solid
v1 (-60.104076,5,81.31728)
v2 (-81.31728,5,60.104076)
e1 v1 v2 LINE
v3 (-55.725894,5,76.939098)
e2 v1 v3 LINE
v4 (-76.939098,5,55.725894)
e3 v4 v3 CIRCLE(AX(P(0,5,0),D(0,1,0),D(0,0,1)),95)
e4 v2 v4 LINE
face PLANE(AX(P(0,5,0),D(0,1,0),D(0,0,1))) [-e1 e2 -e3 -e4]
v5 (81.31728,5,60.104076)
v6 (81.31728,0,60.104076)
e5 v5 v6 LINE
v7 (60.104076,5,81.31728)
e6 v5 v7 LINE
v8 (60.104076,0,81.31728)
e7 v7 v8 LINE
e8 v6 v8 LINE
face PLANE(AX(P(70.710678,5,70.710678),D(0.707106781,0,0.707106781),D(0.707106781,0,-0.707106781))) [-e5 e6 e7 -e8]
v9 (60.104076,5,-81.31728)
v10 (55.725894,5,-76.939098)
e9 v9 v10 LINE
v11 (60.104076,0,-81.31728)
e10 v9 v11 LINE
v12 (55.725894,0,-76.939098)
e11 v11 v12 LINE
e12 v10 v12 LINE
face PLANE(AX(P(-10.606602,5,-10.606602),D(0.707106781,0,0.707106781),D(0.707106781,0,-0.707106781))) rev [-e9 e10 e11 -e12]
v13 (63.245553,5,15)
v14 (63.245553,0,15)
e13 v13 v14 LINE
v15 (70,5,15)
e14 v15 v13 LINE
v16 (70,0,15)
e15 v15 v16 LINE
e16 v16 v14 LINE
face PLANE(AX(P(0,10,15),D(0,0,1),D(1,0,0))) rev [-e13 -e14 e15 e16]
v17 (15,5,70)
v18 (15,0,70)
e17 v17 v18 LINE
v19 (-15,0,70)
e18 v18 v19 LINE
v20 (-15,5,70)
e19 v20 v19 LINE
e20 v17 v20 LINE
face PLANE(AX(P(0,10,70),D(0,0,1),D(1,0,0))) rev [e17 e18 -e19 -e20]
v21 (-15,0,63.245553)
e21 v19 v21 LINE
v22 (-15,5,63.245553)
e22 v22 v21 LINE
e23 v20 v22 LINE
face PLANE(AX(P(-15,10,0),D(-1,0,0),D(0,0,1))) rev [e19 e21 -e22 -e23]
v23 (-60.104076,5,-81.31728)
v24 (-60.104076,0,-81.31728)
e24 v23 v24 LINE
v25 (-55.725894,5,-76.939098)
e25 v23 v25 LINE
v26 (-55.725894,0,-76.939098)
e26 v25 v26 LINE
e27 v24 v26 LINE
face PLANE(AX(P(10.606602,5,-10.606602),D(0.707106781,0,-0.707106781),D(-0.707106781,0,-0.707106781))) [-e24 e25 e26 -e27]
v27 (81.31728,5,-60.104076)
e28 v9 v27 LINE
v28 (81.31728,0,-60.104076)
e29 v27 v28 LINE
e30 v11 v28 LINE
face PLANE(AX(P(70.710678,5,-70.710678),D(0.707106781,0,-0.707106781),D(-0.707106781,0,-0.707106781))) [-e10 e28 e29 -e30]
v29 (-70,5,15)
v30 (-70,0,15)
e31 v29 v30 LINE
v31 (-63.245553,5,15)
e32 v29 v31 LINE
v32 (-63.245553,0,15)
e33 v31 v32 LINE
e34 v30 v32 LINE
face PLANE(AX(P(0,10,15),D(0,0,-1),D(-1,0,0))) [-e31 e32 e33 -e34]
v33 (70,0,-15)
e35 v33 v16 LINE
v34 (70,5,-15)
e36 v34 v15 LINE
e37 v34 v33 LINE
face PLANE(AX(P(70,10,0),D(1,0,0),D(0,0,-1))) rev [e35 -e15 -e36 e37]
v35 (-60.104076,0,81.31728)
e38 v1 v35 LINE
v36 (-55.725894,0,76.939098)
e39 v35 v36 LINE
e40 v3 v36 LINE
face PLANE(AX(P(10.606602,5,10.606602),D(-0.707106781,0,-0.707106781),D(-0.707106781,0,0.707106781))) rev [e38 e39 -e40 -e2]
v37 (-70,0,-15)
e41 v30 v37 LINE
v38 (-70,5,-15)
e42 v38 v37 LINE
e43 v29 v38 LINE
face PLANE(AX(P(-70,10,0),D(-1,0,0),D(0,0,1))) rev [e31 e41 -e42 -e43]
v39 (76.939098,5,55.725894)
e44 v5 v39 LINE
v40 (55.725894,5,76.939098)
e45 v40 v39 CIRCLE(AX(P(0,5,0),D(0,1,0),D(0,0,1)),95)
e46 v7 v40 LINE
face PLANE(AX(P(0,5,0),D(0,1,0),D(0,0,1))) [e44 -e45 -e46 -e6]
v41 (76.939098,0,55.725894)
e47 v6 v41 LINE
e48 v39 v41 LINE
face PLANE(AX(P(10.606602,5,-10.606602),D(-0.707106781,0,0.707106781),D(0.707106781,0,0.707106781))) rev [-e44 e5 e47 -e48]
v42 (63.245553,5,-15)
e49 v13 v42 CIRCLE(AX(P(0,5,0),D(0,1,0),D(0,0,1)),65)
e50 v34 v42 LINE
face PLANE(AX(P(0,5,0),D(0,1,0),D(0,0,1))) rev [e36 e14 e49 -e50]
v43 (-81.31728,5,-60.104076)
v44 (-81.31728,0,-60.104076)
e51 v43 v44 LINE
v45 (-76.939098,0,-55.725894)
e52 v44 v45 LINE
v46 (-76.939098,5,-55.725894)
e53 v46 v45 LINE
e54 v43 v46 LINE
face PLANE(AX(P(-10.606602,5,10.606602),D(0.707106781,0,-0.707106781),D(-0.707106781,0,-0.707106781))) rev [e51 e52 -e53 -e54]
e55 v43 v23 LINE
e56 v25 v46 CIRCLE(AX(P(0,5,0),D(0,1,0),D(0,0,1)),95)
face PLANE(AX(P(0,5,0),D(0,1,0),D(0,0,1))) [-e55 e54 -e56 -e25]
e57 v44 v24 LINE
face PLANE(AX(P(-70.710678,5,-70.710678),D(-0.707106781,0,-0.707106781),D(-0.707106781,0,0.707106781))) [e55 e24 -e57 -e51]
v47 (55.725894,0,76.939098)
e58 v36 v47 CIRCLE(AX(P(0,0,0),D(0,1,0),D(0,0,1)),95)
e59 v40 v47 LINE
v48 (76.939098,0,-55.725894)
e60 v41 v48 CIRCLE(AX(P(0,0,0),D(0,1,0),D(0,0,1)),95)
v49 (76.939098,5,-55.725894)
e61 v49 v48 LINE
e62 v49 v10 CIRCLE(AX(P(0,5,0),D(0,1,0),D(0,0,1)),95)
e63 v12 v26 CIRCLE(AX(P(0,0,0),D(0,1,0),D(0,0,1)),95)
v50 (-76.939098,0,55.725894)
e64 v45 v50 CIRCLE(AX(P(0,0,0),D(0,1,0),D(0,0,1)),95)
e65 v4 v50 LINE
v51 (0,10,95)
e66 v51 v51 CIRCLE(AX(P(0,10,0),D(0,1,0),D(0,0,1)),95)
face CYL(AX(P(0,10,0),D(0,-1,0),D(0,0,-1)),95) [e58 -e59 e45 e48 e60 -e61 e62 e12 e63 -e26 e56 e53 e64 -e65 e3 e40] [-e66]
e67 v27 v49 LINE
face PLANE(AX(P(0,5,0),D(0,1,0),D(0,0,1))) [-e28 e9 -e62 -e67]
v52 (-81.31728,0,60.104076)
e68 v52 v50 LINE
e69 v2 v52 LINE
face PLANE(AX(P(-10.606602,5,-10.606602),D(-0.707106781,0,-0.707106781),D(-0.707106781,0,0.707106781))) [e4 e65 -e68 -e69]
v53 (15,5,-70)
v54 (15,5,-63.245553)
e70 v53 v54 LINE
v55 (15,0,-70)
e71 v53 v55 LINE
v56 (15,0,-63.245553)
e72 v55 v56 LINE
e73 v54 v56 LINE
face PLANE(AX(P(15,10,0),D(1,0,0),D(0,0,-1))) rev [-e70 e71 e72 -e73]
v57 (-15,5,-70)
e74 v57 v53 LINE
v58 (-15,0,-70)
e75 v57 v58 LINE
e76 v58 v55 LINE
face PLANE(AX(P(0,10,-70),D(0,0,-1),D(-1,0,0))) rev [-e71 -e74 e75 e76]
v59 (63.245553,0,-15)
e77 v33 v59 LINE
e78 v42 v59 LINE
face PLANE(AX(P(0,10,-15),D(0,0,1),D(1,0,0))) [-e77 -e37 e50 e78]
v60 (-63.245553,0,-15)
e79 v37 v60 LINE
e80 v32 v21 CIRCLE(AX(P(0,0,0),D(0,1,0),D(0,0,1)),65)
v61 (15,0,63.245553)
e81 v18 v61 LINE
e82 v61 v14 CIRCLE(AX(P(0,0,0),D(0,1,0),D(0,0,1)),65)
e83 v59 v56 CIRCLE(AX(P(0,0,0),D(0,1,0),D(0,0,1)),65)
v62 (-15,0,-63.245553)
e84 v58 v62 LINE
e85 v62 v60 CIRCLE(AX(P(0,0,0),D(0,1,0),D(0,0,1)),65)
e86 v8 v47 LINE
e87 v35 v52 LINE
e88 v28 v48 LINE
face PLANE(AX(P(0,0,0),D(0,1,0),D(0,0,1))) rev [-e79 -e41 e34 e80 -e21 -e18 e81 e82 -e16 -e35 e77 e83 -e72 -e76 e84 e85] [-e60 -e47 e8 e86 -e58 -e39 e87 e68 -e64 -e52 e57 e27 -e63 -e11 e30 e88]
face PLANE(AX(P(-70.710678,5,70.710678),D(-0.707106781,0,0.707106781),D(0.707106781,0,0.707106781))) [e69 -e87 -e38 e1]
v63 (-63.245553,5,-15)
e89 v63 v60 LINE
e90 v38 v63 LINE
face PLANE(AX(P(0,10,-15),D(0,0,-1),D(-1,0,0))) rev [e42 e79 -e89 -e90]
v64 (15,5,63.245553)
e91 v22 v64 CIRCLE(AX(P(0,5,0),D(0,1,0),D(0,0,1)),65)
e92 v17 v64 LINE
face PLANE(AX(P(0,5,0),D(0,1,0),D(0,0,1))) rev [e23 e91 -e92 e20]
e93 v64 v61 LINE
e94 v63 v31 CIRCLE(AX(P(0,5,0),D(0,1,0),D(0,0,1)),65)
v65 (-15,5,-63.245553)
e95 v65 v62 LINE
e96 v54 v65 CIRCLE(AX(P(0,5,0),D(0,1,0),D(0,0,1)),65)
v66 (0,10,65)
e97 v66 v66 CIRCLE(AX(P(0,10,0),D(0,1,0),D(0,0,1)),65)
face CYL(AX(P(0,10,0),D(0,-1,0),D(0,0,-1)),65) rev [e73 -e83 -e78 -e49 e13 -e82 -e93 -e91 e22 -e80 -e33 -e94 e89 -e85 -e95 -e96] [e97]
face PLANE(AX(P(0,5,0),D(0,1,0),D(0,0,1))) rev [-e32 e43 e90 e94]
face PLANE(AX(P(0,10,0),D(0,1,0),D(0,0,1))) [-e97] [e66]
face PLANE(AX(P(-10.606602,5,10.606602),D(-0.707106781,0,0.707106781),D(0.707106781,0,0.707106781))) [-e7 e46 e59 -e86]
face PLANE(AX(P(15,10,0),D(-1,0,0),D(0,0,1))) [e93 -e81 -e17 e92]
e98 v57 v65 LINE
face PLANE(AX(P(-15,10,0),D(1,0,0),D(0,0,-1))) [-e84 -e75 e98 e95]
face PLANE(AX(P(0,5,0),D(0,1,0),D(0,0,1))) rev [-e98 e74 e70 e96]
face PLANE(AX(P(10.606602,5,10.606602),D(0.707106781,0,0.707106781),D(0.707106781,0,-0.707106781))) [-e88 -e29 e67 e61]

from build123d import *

# Parameters (mm, degrees)
BOSS_EXTRUDE1_DEPTH = 10
BOSS_EXTRUDE2_DEPTH = 5
BOSS_EXTRUDE3_START = 5
BOSS_EXTRUDE3_DEPTH = 5


with BuildPart() as part:
    # Sketch1 → Boss-Extrude1 (new body)
    with BuildSketch(Plane(origin=(0, 0, 0), x_dir=(1, 0, 0), z_dir=(0, 1, 0))):
        with BuildLine():
            ThreePointArc((76.939097525, 55.725894089), (67.175144213, 67.175144213), (55.725894089, 76.939097525))
            ThreePointArc((55.725894089, 76.939097525), (0, 95), (-55.725894089, 76.939097525))
            ThreePointArc((-55.725894089, 76.939097525), (-67.175144213, 67.175144213), (-76.939097525, 55.725894089))
            ThreePointArc((-76.939097525, 55.725894089), (-95, 0), (-76.939097525, -55.725894089))
            ThreePointArc((-76.939097525, -55.725894089), (-67.175144213, -67.175144213), (-55.725894089, -76.939097525))
            ThreePointArc((-55.725894089, -76.939097525), (0, -95), (55.725894089, -76.939097525))
            ThreePointArc((55.725894089, -76.939097525), (67.175144213, -67.175144213), (76.939097525, -55.725894089))
            ThreePointArc((76.939097525, -55.725894089), (90.372048402, -29.289808254), (95, 0))
            ThreePointArc((95, 0), (90.372048402, 29.289808254), (76.939097525, 55.725894089))
        make_face()
        with BuildLine():
            Line((-63.245553203, -15), (-70, -15))
            Line((-70, -15), (-70, 15))
            Line((-70, 15), (-63.245553203, 15))
            ThreePointArc((-63.245553203, 15), (-45.961940777, 45.961940777), (-15, 63.245553203))
            Line((-15, 63.245553203), (-15, 70))
            Line((-15, 70), (15, 70))
            Line((15, 70), (15, 63.245553203))
            ThreePointArc((15, 63.245553203), (45.961940777, 45.961940777), (63.245553203, 15))
            Line((63.245553203, 15), (70, 15))
            Line((70, 15), (70, -15))
            Line((70, -15), (63.245553203, -15))
            ThreePointArc((63.245553203, -15), (45.961940777, -45.961940777), (15, -63.245553203))
            Line((15, -63.245553203), (15, -70))
            Line((15, -70), (-15, -70))
            Line((-15, -70), (-15, -63.245553203))
            ThreePointArc((-15, -63.245553203), (-45.961940777, -45.961940777), (-63.245553203, -15))
        make_face(mode=Mode.SUBTRACT)
    extrude(amount=BOSS_EXTRUDE1_DEPTH)

    # Sketch1<3> → Boss-Extrude2 (add)
    with BuildSketch(Plane(origin=(0, 0, 0), x_dir=(1, 0, 0), z_dir=(0, 1, 0))):
        with BuildLine():
            Line((81.317279836, 60.104076401), (60.104076401, 81.317279836))
            Line((60.104076401, 81.317279836), (55.725894089, 76.939097525))
            ThreePointArc((55.725894089, 76.939097525), (67.175144213, 67.175144213), (76.939097525, 55.725894089))
            Line((76.939097525, 55.725894089), (81.317279836, 60.104076401))
        make_face()
        with BuildLine():
            ThreePointArc((-76.939097525, 55.725894089), (-67.175144213, 67.175144213), (-55.725894089, 76.939097525))
            Line((-55.725894089, 76.939097525), (-60.104076401, 81.317279836))
            Line((-60.104076401, 81.317279836), (-81.317279836, 60.104076401))
            Line((-81.317279836, 60.104076401), (-76.939097525, 55.725894089))
        make_face()
        with BuildLine():
            Line((81.317279836, -60.104076401), (76.939097525, -55.725894089))
            ThreePointArc((76.939097525, -55.725894089), (67.175144213, -67.175144213), (55.725894089, -76.939097525))
            Line((55.725894089, -76.939097525), (60.104076401, -81.317279836))
            Line((60.104076401, -81.317279836), (81.317279836, -60.104076401))
        make_face()
        with BuildLine():
            ThreePointArc((-55.725894089, -76.939097525), (-67.175144213, -67.175144213), (-76.939097525, -55.725894089))
            Line((-76.939097525, -55.725894089), (-81.317279836, -60.104076401))
            Line((-81.317279836, -60.104076401), (-60.104076401, -81.317279836))
            Line((-60.104076401, -81.317279836), (-55.725894089, -76.939097525))
        make_face()
    extrude(amount=BOSS_EXTRUDE2_DEPTH)

    # Sketch1<4> → Boss-Extrude3 (add)
    with BuildSketch(Plane(origin=(0, 0, 0), x_dir=(1, 0, 0), z_dir=(0, 1, 0)).offset(BOSS_EXTRUDE3_START)):
        with BuildLine():
            Line((-70, 15), (-70, -15))
            Line((-70, -15), (-63.245553203, -15))
            ThreePointArc((-63.245553203, -15), (-65, 0), (-63.245553203, 15))
            Line((-63.245553203, 15), (-70, 15))
        make_face()
        with BuildLine():
            ThreePointArc((15, -63.245553203), (0, -65), (-15, -63.245553203))
            Line((-15, -63.245553203), (-15, -70))
            Line((-15, -70), (15, -70))
            Line((15, -70), (15, -63.245553203))
        make_face()
        with BuildLine():
            Line((-15, 70), (-15, 63.245553203))
            ThreePointArc((-15, 63.245553203), (0, 65), (15, 63.245553203))
            Line((15, 63.245553203), (15, 70))
            Line((15, 70), (-15, 70))
        make_face()
        with BuildLine():
            ThreePointArc((63.245553203, 15), (65, 0), (63.245553203, -15))
            Line((63.245553203, -15), (70, -15))
            Line((70, -15), (70, 15))
            Line((70, 15), (63.245553203, 15))
        make_face()
    extrude(amount=BOSS_EXTRUDE3_DEPTH)


solid = part.part
